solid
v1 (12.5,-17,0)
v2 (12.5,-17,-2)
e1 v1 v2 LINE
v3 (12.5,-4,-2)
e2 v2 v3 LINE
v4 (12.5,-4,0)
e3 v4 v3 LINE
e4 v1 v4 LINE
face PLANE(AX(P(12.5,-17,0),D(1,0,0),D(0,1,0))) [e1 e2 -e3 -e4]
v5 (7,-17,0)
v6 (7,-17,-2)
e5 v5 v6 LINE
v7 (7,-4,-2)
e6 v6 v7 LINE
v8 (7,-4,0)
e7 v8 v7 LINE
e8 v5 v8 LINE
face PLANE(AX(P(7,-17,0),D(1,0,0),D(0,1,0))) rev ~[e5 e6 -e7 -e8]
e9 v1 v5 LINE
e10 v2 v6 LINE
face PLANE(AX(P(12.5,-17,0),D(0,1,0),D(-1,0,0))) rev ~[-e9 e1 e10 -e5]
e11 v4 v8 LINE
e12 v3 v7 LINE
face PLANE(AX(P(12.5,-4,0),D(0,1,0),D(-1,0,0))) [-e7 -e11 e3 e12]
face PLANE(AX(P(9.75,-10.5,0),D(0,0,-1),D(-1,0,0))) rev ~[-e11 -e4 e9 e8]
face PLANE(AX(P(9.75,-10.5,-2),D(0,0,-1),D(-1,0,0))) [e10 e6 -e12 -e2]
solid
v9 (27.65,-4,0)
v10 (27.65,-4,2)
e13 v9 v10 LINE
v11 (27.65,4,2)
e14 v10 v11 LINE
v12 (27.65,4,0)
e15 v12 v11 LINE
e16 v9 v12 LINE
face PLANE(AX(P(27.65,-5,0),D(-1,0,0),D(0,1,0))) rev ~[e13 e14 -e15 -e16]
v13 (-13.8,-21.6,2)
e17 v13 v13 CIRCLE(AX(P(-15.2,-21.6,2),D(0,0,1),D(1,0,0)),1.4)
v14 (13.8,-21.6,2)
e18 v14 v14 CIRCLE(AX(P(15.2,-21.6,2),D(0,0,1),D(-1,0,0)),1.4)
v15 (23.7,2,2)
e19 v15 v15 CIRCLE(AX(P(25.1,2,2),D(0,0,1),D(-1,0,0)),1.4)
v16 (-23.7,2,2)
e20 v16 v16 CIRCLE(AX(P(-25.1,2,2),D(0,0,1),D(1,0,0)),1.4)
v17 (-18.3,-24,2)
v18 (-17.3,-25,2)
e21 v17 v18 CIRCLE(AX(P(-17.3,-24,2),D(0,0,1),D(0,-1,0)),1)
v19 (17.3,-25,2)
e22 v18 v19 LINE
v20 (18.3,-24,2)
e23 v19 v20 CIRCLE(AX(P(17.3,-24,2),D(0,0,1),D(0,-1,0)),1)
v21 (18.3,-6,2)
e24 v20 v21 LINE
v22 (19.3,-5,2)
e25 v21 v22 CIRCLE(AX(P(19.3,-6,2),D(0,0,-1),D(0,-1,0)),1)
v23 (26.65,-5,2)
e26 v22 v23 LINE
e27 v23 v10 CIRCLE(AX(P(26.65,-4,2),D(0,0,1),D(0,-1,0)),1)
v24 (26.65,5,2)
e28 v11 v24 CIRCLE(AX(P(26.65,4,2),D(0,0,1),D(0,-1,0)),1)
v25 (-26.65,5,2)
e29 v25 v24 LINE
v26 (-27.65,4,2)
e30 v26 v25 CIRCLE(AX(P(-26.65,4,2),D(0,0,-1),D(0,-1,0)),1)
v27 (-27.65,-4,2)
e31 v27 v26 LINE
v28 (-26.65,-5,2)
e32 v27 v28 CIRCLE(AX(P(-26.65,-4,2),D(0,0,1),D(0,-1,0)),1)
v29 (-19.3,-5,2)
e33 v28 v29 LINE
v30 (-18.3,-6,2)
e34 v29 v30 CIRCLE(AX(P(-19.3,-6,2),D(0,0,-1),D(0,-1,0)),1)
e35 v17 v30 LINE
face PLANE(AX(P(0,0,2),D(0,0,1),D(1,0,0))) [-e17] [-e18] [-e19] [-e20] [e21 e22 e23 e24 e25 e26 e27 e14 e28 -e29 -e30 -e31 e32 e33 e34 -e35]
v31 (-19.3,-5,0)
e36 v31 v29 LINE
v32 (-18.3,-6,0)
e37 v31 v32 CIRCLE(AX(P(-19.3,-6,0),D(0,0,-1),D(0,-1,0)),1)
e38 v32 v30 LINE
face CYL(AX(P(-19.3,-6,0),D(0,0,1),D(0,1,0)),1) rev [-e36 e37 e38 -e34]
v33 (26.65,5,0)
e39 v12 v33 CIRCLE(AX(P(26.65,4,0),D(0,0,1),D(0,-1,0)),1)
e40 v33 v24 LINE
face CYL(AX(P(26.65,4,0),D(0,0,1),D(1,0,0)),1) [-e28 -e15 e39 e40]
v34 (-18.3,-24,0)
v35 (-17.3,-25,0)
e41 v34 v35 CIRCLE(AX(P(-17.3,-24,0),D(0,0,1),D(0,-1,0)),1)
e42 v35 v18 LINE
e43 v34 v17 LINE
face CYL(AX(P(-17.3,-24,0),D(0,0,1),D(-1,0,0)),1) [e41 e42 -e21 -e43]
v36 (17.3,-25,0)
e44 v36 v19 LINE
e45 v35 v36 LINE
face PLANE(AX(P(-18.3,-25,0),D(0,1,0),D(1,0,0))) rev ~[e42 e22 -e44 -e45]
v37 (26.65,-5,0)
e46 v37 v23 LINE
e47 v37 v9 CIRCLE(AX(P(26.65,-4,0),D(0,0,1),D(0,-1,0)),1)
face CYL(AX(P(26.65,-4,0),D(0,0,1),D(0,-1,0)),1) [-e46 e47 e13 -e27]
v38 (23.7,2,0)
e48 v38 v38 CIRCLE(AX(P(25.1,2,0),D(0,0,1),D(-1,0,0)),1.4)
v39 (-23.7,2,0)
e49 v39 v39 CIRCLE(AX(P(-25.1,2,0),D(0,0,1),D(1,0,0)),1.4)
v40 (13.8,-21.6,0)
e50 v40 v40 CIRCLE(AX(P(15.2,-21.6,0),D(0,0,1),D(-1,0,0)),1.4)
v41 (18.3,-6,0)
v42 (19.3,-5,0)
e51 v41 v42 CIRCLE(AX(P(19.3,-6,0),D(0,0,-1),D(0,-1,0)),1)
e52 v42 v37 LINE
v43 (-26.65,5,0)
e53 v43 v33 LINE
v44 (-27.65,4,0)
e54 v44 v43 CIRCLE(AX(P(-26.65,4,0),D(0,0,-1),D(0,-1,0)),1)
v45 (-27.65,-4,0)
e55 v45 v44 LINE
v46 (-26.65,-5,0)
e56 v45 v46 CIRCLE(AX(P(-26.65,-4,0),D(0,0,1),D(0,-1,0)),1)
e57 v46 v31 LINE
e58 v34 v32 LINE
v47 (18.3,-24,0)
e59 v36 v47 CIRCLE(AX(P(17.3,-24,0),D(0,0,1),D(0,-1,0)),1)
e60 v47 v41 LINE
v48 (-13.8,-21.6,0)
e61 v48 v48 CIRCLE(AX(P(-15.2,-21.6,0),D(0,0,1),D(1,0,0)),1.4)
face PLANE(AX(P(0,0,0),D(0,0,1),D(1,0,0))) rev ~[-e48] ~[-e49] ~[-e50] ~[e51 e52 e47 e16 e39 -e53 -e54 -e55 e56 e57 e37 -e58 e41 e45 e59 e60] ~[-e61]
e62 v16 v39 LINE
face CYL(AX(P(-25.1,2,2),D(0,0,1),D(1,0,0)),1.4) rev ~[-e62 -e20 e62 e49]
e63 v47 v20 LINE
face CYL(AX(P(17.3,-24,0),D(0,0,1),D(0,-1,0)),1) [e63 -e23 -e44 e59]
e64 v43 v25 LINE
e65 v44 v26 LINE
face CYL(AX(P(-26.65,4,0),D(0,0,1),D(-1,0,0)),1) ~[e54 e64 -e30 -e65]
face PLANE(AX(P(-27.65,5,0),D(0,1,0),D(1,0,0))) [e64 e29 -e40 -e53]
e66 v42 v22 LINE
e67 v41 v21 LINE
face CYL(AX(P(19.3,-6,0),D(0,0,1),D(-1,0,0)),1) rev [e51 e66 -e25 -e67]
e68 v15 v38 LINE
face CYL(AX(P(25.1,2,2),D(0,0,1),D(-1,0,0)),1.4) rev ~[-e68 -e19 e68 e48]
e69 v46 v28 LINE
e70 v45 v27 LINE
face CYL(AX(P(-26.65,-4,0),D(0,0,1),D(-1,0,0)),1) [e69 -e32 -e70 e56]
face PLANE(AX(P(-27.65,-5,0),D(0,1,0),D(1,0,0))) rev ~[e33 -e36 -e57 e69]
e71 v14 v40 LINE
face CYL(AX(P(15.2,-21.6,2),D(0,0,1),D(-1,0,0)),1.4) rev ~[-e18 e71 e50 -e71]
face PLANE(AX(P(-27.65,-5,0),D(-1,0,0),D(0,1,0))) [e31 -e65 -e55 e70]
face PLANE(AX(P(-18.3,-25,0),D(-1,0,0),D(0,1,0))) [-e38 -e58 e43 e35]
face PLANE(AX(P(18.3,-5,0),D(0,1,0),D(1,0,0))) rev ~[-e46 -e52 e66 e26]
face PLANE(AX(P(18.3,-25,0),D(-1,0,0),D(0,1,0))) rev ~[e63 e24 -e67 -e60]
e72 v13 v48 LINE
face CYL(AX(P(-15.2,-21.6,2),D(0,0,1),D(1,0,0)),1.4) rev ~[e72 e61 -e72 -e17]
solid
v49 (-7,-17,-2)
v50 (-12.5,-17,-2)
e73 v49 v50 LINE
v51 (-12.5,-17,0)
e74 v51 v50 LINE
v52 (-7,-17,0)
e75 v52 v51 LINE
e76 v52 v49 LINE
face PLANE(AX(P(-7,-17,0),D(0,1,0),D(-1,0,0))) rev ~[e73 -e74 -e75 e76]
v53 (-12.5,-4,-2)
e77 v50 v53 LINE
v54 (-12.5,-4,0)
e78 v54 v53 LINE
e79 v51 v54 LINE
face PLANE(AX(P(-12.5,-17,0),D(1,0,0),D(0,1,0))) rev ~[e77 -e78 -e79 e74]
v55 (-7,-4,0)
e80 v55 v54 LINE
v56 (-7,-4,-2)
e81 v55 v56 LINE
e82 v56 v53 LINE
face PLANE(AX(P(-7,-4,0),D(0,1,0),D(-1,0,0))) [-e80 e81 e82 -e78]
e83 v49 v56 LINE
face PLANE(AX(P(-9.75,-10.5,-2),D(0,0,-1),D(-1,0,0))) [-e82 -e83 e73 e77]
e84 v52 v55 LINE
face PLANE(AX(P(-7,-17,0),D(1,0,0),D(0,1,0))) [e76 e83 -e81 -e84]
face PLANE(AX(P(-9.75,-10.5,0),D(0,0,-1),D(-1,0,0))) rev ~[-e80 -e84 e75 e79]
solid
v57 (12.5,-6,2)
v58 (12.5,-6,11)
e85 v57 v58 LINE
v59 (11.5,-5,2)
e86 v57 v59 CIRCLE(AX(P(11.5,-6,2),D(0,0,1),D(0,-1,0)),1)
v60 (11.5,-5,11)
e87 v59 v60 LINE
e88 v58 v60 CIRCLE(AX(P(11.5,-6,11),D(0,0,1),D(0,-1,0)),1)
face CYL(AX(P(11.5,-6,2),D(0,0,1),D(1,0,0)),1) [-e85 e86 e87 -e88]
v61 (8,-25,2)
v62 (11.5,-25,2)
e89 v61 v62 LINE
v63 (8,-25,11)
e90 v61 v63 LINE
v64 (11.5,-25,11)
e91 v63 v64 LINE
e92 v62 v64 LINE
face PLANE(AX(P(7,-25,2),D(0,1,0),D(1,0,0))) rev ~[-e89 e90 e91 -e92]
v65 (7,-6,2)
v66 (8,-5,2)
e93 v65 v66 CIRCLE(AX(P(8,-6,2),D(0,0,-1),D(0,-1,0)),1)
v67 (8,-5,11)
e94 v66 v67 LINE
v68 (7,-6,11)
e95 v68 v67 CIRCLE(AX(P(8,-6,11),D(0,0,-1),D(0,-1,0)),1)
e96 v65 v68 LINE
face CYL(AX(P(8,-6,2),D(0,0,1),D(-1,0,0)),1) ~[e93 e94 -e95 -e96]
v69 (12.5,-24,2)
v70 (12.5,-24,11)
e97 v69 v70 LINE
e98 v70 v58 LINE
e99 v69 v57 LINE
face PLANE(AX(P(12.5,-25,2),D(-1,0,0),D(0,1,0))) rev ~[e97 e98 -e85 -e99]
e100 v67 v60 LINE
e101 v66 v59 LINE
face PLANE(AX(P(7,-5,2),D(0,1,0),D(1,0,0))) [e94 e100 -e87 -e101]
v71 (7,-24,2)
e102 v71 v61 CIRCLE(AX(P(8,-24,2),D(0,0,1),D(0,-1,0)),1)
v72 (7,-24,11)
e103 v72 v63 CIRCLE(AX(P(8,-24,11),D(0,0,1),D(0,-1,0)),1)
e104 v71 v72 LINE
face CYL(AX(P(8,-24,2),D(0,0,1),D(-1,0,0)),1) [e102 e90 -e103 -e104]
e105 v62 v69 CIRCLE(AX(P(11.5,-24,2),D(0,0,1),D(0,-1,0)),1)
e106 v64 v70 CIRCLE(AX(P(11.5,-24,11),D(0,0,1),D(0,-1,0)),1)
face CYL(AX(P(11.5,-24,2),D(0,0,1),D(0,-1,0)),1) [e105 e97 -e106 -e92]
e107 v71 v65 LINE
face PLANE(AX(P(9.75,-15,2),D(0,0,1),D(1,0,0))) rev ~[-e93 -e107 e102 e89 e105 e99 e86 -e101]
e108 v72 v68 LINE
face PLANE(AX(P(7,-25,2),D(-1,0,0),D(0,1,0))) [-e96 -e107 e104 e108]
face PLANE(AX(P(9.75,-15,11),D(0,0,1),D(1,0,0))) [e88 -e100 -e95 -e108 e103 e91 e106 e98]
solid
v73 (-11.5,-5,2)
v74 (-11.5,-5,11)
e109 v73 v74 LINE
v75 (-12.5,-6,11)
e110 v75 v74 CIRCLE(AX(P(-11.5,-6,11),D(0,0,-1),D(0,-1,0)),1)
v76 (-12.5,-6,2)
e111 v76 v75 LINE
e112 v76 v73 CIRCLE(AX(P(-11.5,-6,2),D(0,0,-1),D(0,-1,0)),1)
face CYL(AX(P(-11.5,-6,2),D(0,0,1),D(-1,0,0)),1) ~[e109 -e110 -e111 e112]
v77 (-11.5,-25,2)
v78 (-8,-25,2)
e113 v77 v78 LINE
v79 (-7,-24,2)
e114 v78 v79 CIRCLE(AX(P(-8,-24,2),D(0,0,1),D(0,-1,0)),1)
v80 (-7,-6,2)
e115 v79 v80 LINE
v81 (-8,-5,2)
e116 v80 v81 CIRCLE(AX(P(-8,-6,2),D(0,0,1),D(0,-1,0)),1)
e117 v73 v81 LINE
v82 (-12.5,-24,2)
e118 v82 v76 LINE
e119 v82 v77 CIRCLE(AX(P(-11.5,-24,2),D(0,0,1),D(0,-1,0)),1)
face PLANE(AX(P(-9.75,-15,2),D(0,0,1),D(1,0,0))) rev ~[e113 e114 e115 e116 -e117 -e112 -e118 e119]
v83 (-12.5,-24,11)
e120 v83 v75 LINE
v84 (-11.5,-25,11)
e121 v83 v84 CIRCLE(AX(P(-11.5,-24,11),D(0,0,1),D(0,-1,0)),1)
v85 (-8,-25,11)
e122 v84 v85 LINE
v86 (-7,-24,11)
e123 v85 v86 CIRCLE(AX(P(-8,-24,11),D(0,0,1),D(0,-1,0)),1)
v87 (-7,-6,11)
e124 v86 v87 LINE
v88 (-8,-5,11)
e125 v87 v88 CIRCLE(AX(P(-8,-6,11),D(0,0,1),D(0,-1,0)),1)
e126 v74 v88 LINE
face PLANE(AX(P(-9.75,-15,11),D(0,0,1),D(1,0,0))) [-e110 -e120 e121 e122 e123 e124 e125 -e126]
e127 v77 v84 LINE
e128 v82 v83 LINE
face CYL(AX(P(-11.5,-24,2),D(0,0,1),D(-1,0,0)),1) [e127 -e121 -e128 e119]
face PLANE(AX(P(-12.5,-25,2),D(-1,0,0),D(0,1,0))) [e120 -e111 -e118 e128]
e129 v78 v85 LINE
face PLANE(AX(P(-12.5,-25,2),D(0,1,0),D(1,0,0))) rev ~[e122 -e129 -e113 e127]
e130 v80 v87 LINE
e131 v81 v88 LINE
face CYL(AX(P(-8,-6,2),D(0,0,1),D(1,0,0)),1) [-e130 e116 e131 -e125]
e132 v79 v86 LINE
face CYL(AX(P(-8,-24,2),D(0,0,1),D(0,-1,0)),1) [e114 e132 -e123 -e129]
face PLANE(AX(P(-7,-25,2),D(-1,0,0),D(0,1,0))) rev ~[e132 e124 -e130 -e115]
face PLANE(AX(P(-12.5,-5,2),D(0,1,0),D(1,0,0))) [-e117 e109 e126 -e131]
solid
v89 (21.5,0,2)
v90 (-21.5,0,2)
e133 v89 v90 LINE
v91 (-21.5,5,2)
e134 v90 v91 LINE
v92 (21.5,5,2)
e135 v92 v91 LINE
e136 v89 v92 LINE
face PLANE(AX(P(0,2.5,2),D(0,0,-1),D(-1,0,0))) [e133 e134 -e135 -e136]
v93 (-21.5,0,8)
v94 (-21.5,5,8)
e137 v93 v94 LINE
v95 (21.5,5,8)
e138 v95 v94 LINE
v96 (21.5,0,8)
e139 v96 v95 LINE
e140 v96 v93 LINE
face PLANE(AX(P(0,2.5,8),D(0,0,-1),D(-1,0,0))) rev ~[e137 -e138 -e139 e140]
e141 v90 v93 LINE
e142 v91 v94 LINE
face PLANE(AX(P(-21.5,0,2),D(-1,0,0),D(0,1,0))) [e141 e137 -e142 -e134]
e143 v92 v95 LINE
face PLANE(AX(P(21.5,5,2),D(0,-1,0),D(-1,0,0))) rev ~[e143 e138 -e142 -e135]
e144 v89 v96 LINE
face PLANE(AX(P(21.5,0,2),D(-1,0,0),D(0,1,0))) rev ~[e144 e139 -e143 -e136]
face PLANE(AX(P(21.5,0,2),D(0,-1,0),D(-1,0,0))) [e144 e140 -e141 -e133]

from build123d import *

# Parameters (mm, degrees)
SKETCH_1_W          = 55.3
SKETCH_1_H          = 10
SKETCH_1_W_2        = 36.6
SKETCH_1_H_2        = 20
EXTRUDE_1_DEPTH     = 2
FILLET_1_R          = 1
SKETCH_2_R          = 1.4
CUT_EXTRUDE_1_DEPTH = 2
SKETCH_3_W          = 5.5
SKETCH_3_H          = 20
EXTRUDE_2_DEPTH     = 9
EXTRUDE_2_2_DEPTH   = 9
FILLET_2_R          = 1
FILLET_3_R          = 1
SKETCH_4_W          = 5.5
SKETCH_4_H          = 13
EXTRUDE_3_DEPTH     = 2
EXTRUDE_3_2_DEPTH   = 2
SKETCH_5_W          = 43
SKETCH_5_H          = 5
EXTRUDE_4_DEPTH     = 6


with BuildPart() as part:
    # 草图1 → 凸台-拉伸1 (new body)
    with BuildSketch(Plane.XY):
        Rectangle(SKETCH_1_W, SKETCH_1_H)
        with Locations((0, -15)):
            Rectangle(SKETCH_1_W_2, SKETCH_1_H_2)
    extrude(amount=EXTRUDE_1_DEPTH)

    # 圆角1
    fillet_1_edges = [part.edges().sort_by_distance(p)[0] for p in [
        (27.65, -5, 1),
        (18.3, -5, 1),
        (18.3, -25, 1),
        (-18.3, -25, 1),
        (-18.3, -5, 1),
        (-27.65, -5, 1),
        (-27.65, 5, 1),
        (27.65, 5, 1),
    ]]
    fillet(fillet_1_edges, radius=FILLET_1_R)

    # 草图2 → 切除-拉伸1 (cut)
    with BuildSketch(Plane.XY.offset(2)):
        with Locations((-25.1, 2)):
            Circle(SKETCH_2_R)
        with Locations((-15.2, -21.6)):
            Circle(SKETCH_2_R)
        with Locations(Location((15.2, -21.6, 0), (0, 0, 180))):
            Circle(SKETCH_2_R)
        with Locations(Location((25.1, 2, 0), (0, 0, 180))):
            Circle(SKETCH_2_R)
    extrude(amount=-CUT_EXTRUDE_1_DEPTH, mode=Mode.SUBTRACT)


with BuildPart() as body_2:
    # 草图3 → 凸台-拉伸2 (new body)
    with BuildSketch(Plane.XY.offset(2)):
        with Locations((-9.75, -15)):
            Rectangle(SKETCH_3_W, SKETCH_3_H)
    extrude(amount=EXTRUDE_2_DEPTH)

    # 圆角2
    fillet_2_edges = [body_2.edges().sort_by_distance(p)[0] for p in [
        (-12.5, -5, 6.5),
        (-7, -5, 6.5),
        (-7, -25, 6.5),
        (-12.5, -25, 6.5),
    ]]
    fillet(fillet_2_edges, radius=FILLET_2_R)


with BuildPart() as body_3:
    # 草图3 → Extrude 2 2 (new body)
    with BuildSketch(Plane.XY.offset(2)):
        with Locations((9.75, -15)):
            Rectangle(SKETCH_3_W, SKETCH_3_H)
    extrude(amount=EXTRUDE_2_2_DEPTH)

    # 圆角3
    fillet_3_edges = [body_3.edges().sort_by_distance(p)[0] for p in [
        (7, -25, 6.5),
        (7, -5, 6.5),
        (12.5, -5, 6.5),
        (12.5, -25, 6.5),
    ]]
    fillet(fillet_3_edges, radius=FILLET_3_R)


with BuildPart() as body_4:
    # 草图4 → 凸台-拉伸3 (new body)
    with BuildSketch(Plane(origin=(0, 0, 0), x_dir=(-1, 0, 0), z_dir=(0, 0, -1))):
        with Locations((-9.75, -10.5)):
            Rectangle(SKETCH_4_W, SKETCH_4_H)
    extrude(amount=EXTRUDE_3_DEPTH)


with BuildPart() as body_5:
    # 草图4 → Extrude 3 2 (new body)
    with BuildSketch(Plane(origin=(0, 0, 0), x_dir=(-1, 0, 0), z_dir=(0, 0, -1))):
        with Locations((9.75, -10.5)):
            Rectangle(SKETCH_4_W, SKETCH_4_H)
    extrude(amount=EXTRUDE_3_2_DEPTH)


with BuildPart() as body_6:
    # 草图5 → 凸台-拉伸4 (new body)
    with BuildSketch(Plane(origin=(0, 0, 2), x_dir=(-1, 0, 0), z_dir=(0, 0, -1))):
        with Locations((0, 2.5)):
            Rectangle(SKETCH_5_W, SKETCH_5_H)
    extrude(amount=-EXTRUDE_4_DEPTH)


solid = Compound([part.part, body_2.part, body_3.part, body_4.part, body_5.part, body_6.part])
